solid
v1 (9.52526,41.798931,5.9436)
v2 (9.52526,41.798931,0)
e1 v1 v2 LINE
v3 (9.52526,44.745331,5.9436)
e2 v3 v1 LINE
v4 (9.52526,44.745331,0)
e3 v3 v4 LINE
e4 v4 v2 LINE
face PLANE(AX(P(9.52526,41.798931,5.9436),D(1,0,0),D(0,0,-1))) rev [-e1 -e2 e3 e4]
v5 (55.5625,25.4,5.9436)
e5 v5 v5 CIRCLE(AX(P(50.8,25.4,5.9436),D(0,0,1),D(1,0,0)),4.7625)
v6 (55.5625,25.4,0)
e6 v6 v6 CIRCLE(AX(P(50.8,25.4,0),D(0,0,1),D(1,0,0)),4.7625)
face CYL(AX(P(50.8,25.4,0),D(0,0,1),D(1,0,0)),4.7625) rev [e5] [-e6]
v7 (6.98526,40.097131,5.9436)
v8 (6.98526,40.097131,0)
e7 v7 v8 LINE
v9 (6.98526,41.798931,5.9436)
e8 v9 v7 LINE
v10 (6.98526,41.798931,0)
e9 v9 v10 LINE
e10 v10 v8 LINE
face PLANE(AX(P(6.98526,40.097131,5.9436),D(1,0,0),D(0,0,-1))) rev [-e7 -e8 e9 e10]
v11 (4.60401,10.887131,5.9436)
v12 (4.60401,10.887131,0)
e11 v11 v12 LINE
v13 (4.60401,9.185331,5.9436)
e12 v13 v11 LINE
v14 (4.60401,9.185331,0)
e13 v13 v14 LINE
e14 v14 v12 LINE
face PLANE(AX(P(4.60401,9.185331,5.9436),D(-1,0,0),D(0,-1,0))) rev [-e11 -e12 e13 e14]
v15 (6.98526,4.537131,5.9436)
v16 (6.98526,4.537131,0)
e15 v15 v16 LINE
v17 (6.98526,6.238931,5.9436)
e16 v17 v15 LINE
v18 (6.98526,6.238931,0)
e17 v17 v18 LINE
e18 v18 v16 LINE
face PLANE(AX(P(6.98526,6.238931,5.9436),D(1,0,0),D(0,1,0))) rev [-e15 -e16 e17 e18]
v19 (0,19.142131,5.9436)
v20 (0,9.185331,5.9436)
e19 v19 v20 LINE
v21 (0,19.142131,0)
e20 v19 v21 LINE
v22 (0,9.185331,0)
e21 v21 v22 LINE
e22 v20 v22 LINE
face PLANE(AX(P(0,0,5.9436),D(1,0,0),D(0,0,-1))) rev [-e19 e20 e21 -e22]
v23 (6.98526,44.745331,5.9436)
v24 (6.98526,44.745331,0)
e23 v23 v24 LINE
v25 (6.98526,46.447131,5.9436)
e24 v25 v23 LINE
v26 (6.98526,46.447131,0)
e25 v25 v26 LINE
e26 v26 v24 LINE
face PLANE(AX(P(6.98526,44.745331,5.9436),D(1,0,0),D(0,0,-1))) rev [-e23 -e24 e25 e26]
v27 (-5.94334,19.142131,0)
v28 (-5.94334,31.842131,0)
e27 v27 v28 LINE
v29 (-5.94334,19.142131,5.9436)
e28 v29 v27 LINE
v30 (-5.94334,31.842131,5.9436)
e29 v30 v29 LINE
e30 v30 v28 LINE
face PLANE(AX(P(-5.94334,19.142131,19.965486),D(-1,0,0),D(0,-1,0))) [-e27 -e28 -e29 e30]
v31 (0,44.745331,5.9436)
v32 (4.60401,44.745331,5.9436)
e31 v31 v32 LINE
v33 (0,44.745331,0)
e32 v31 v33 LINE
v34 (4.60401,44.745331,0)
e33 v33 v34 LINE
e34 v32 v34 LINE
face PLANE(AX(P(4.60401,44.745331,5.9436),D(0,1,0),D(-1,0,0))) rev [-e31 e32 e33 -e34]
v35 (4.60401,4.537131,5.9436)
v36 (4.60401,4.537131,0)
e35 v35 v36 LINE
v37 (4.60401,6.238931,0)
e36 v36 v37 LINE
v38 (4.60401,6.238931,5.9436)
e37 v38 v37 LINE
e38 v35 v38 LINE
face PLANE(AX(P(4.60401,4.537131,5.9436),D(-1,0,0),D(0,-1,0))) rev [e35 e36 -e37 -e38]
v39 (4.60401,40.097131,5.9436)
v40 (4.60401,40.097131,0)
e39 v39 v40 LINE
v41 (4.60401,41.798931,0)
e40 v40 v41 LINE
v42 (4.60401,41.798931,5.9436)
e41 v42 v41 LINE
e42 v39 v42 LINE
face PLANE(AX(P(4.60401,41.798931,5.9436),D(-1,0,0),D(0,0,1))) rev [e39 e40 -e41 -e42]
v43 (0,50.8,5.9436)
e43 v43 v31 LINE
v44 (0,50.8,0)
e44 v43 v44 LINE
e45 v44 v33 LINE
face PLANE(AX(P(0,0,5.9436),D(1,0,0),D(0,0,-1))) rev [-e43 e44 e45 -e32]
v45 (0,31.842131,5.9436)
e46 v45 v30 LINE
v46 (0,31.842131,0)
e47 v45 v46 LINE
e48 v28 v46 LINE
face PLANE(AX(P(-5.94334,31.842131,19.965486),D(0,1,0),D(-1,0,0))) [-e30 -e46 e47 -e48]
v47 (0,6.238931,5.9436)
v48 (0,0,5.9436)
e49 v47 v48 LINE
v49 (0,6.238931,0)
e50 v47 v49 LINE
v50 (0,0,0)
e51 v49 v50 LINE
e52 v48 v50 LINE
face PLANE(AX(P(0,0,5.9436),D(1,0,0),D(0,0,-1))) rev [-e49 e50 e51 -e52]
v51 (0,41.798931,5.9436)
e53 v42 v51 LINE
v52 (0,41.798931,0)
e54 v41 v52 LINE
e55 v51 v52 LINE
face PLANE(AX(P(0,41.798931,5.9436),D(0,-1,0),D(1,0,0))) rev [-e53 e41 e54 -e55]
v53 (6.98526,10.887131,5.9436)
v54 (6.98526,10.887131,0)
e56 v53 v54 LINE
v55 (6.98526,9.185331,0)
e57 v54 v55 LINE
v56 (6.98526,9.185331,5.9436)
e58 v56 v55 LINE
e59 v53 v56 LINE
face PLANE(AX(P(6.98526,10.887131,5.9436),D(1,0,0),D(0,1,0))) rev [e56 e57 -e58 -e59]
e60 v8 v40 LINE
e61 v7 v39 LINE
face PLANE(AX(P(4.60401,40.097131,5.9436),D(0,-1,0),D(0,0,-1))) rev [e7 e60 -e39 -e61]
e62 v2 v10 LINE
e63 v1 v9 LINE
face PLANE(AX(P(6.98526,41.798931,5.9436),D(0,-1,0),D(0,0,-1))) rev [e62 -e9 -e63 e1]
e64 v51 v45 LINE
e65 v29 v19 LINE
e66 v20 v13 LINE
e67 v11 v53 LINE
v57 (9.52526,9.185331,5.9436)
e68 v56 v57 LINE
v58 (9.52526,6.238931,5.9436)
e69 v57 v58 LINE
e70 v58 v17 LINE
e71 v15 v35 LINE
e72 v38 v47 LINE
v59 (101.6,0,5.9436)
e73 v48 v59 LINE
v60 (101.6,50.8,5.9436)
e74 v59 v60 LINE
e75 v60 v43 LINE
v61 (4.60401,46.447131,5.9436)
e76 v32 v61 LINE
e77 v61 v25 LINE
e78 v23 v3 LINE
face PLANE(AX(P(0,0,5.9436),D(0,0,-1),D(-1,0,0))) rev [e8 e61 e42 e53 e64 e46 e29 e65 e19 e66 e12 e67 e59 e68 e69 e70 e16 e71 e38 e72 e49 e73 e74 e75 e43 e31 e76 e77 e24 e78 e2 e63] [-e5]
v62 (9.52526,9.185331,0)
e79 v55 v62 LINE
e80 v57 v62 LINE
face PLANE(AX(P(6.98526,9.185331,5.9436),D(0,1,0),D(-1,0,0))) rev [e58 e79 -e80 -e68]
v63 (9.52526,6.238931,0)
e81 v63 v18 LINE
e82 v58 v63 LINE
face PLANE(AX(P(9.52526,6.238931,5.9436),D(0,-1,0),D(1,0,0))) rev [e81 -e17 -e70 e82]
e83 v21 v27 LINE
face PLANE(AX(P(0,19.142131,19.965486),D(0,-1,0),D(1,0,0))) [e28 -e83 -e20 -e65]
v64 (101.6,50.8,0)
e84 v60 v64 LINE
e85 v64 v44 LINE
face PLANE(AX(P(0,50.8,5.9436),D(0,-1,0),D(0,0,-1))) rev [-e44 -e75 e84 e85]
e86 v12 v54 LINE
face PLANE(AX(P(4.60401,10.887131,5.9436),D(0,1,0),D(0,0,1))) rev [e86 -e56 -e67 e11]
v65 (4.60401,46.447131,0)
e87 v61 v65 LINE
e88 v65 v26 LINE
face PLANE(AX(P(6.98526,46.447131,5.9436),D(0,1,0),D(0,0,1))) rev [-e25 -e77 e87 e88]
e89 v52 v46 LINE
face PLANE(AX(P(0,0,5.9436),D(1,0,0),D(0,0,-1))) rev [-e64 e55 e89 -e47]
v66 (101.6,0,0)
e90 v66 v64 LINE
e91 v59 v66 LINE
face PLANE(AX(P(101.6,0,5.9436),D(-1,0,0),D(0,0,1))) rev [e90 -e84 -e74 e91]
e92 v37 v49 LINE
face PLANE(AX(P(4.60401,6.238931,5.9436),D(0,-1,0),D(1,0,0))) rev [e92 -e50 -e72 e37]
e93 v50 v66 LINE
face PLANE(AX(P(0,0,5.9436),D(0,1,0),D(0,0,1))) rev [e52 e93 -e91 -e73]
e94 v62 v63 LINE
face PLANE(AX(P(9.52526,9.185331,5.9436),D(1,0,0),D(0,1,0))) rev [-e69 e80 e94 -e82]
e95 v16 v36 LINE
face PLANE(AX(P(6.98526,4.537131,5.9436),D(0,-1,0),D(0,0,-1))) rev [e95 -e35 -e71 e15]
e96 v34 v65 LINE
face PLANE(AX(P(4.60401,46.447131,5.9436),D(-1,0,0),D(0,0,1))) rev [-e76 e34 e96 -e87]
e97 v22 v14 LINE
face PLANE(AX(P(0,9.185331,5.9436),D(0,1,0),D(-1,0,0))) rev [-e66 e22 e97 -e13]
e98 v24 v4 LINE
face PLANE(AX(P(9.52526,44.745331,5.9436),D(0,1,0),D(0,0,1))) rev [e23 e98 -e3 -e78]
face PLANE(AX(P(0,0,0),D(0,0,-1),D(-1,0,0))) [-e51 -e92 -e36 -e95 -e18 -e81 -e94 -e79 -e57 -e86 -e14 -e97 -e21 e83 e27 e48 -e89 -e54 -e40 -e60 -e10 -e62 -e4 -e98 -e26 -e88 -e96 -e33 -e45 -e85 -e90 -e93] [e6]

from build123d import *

# Parameters (mm, degrees)
SKETCH1_W           = 101.6
SKETCH1_H           = 50.8
BOSS_EXTRUDE1_DEPTH = 5.9436
SKETCH2_R           = 4.7625
CUT_EXTRUDE1_DEPTH  = 6.9436
SKETCH3_W           = 5.94334
SKETCH3_H           = 12.7
BOSS_EXTRUDE2_DEPTH = 5.9436
CUT_EXTRUDE2_DEPTH  = 6.9436


with BuildPart() as part:
    # Sketch1 → Boss-Extrude1 (new body)
    with BuildSketch(Plane.XY):
        with Locations((50.8, 25.4)):
            Rectangle(SKETCH1_W, SKETCH1_H)
    extrude(amount=BOSS_EXTRUDE1_DEPTH)

    # Sketch2 → Cut-Extrude1 (cut, through all)
    with BuildSketch(Plane.XY.offset(5.9436)):
        with Locations((50.8, 25.4)):
            Circle(SKETCH2_R)
    extrude(amount=-CUT_EXTRUDE1_DEPTH, mode=Mode.SUBTRACT)

    # Sketch3 → Boss-Extrude2 (add)
    with BuildSketch(Plane(origin=(0, 0, 0), x_dir=(-1, 0, 0), z_dir=(0, 0, -1))):
        with Locations((2.97167, 25.492131347)):
            Rectangle(SKETCH3_W, SKETCH3_H)
    extrude(amount=-BOSS_EXTRUDE2_DEPTH)

    # Sketch5 → Cut-Extrude2 (cut, through all)
    with BuildSketch(Plane(origin=(0, 0, 0), x_dir=(-1, 0, 0), z_dir=(0, 0, -1))):
        Polygon((0, 41.798931347), (-4.60401, 41.798931347), (-4.60401, 40.097131347), (-6.98526, 40.097131347), (-6.98526, 41.798931347), (-9.52526, 41.798931347), (-9.52526, 44.745331347), (-6.98526, 44.745331347), (-6.98526, 46.447131347), (-4.60401, 46.447131347), (-4.60401, 44.745331347), (0, 44.745331347), align=None)
        Polygon((-4.60401, 4.537131347), (-4.60401, 6.238931347), (0, 6.238931347), (0, 9.185331347), (-4.60401, 9.185331347), (-4.60401, 10.887131347), (-6.98526, 10.887131347), (-6.98526, 9.185331347), (-9.52526, 9.185331347), (-9.52526, 6.238931347), (-6.98526, 6.238931347), (-6.98526, 4.537131347), align=None)
    extrude(amount=-CUT_EXTRUDE2_DEPTH, mode=Mode.SUBTRACT)


solid = part.part
